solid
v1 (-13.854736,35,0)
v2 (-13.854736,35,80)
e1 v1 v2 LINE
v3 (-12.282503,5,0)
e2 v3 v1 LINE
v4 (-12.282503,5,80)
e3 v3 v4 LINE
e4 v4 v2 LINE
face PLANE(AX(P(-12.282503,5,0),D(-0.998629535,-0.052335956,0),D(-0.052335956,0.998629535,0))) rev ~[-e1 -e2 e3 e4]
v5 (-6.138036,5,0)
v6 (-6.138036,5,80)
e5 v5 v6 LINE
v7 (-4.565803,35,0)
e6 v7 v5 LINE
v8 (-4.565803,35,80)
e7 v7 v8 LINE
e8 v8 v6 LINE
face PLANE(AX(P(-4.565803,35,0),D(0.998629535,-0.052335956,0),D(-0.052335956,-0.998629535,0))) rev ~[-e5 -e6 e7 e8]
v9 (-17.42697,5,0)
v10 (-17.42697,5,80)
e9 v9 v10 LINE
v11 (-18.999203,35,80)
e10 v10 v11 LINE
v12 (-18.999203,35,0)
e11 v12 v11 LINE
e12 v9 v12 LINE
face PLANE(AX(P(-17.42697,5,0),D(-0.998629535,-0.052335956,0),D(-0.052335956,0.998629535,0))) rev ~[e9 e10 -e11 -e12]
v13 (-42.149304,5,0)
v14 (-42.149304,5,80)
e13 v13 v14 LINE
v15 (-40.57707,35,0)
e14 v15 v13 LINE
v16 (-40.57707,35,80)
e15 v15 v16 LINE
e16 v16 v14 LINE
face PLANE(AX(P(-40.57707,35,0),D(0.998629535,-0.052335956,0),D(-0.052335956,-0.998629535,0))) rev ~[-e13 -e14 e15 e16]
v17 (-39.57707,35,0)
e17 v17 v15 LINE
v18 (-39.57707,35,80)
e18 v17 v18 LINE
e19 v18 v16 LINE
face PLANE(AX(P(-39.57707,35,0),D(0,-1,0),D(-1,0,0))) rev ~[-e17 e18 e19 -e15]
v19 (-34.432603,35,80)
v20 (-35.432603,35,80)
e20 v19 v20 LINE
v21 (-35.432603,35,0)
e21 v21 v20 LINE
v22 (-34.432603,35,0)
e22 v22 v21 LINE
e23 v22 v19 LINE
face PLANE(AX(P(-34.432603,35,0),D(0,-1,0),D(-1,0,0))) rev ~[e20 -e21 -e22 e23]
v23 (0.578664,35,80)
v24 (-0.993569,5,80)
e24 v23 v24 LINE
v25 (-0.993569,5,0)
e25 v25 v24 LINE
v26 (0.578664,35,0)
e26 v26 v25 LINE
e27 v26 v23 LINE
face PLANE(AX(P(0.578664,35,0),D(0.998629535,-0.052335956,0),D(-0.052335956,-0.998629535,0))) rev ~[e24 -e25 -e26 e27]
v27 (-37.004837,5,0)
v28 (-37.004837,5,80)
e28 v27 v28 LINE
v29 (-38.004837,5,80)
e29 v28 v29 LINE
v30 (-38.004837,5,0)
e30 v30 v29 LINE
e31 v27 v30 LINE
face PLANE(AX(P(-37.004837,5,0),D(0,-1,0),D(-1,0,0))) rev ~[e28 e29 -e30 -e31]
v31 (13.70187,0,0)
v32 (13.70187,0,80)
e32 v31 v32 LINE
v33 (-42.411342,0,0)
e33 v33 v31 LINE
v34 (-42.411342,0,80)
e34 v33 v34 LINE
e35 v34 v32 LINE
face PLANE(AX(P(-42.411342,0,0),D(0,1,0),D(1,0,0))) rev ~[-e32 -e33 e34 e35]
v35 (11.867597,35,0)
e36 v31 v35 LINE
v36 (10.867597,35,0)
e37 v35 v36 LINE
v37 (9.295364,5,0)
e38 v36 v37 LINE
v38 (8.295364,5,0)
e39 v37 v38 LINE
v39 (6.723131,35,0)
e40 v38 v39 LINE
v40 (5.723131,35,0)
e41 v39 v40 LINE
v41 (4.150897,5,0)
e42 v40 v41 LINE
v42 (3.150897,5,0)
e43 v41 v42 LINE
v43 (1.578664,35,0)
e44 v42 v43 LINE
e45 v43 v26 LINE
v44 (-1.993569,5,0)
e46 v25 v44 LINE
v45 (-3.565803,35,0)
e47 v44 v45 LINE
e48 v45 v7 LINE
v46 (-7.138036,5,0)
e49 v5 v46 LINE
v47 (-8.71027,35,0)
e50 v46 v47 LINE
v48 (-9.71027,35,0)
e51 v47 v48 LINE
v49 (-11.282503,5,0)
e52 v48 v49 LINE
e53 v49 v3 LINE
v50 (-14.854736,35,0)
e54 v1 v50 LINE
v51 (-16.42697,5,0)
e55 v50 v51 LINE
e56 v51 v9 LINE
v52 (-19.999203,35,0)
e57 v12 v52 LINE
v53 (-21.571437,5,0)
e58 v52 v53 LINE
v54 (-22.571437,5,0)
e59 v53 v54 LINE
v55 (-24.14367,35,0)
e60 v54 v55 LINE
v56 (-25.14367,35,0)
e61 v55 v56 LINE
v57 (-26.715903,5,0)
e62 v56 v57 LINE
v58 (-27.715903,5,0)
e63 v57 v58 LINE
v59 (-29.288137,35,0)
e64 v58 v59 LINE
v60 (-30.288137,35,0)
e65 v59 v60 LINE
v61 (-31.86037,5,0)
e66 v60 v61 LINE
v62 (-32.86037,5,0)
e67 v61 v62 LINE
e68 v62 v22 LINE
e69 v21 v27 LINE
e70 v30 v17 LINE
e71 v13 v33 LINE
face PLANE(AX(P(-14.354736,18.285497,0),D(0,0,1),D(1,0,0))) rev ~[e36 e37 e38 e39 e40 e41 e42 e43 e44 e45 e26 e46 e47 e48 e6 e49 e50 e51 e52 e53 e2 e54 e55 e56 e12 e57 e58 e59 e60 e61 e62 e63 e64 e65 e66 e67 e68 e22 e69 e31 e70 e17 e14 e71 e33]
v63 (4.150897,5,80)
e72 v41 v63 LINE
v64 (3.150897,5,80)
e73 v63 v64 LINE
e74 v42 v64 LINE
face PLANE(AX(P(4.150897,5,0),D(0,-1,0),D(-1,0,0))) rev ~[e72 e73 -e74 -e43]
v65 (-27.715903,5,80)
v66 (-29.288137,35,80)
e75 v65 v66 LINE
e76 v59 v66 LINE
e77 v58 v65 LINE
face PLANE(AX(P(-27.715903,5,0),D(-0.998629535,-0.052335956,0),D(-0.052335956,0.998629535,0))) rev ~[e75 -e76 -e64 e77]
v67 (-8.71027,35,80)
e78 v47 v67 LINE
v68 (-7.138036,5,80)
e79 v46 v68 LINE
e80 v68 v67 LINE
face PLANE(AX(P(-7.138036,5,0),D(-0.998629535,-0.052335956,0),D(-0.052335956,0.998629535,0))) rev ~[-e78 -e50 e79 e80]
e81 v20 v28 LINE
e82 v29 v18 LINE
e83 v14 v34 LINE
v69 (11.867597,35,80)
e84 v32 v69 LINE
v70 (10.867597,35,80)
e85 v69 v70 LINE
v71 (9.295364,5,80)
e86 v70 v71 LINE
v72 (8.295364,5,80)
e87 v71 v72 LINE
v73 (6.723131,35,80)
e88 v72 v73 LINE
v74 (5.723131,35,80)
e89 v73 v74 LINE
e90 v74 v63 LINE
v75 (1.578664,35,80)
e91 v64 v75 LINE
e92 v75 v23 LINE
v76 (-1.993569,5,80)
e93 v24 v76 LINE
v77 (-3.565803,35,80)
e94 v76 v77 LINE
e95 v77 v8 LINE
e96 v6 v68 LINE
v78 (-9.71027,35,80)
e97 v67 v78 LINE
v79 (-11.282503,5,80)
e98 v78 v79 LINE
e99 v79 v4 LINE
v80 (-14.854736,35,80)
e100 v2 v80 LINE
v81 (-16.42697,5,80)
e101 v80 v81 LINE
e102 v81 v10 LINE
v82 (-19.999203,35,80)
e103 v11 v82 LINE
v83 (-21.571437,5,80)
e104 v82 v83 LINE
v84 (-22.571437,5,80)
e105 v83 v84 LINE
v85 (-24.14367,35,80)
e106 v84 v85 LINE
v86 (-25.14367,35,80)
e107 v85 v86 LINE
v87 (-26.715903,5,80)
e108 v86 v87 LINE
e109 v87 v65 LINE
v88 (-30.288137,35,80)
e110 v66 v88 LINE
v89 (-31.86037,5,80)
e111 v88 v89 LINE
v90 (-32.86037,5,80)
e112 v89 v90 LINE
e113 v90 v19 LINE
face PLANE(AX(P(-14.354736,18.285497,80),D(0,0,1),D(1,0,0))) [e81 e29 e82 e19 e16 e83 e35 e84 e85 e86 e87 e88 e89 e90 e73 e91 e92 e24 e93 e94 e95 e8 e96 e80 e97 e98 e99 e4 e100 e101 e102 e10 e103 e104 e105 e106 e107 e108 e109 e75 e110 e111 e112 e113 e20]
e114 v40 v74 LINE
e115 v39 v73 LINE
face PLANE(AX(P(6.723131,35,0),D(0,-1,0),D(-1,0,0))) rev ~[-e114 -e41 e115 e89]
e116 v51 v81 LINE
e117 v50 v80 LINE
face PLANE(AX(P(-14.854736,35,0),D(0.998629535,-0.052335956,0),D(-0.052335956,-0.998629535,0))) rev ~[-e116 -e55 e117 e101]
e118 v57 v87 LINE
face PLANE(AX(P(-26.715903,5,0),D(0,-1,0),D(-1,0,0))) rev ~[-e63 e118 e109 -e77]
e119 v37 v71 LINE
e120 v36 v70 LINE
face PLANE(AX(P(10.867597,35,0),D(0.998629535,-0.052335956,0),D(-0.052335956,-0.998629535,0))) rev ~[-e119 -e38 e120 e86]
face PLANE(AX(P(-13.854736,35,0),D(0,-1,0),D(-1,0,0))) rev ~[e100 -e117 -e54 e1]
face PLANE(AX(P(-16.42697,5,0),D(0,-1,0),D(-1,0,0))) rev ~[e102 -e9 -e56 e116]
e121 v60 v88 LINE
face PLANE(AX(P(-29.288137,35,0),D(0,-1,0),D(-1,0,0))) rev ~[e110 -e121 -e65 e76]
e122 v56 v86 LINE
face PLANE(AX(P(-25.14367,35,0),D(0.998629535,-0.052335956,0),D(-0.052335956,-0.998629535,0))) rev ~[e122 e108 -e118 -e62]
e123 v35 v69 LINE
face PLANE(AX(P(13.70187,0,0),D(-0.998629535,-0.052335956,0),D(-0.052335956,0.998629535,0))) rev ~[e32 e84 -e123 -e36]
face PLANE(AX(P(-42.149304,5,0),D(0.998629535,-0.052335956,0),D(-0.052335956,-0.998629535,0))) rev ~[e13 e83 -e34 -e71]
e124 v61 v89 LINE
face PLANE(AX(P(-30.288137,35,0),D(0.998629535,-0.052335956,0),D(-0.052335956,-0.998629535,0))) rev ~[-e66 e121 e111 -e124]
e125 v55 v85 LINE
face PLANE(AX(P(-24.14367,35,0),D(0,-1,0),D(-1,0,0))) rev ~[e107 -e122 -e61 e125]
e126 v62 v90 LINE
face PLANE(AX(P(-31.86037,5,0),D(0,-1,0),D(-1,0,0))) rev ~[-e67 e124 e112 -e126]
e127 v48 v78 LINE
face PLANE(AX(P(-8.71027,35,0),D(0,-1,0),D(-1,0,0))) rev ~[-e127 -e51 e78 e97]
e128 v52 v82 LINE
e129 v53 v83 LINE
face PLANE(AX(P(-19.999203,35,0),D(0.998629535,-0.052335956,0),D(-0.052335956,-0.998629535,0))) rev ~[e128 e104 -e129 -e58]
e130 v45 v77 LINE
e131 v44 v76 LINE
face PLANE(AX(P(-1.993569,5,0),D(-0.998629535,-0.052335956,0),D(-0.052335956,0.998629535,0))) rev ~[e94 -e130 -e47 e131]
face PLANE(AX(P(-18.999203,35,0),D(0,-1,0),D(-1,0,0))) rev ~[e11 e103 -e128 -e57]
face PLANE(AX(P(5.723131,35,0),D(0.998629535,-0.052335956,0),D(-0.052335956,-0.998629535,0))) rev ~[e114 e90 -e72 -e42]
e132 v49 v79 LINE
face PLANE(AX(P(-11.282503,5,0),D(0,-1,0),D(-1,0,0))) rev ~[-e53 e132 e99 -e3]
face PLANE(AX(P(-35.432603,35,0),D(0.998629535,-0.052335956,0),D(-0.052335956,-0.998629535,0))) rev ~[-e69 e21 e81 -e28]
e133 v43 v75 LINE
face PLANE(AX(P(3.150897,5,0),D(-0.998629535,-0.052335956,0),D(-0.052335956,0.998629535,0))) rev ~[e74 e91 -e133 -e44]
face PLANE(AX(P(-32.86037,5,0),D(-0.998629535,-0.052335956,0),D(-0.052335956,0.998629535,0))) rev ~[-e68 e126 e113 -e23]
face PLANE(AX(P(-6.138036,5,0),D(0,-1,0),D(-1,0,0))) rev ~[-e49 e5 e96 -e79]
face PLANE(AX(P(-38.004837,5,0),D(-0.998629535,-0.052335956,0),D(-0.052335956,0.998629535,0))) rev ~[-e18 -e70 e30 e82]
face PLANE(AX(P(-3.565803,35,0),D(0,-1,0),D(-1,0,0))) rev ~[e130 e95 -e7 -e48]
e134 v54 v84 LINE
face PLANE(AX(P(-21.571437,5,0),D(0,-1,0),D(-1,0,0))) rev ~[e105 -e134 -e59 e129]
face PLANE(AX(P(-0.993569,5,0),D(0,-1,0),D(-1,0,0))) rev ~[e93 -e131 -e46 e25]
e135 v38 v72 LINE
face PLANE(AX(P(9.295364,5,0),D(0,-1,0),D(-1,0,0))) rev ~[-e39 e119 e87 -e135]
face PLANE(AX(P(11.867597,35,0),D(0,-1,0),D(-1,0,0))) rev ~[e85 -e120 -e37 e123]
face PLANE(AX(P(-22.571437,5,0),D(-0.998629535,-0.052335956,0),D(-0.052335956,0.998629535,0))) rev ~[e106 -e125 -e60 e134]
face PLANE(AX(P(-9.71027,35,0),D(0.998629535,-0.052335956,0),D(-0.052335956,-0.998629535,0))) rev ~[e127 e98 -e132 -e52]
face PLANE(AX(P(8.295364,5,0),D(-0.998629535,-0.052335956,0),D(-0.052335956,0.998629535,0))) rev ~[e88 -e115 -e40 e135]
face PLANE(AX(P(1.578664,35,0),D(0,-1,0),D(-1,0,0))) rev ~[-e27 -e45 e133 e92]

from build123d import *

# Parameters (mm, degrees)
BOSS_EXTRUDE1_DEPTH = 80


with BuildPart() as part:
    # Sketch1 → Boss-Extrude1 (new body)
    with BuildSketch(Plane.XY):
        Polygon((-24.257476664, 0), (0, 0), (13.70186971, 0), (11.867597435, 35), (10.867597435, 35), (9.295364057, 5), (8.295364057, 5), (6.723130678, 35), (5.723130678, 35), (4.1508973, 5), (3.150897297, 5), (1.578663918, 35), (0.578663918, 35), (-0.99356946, 5), (-1.993569463, 5), (-3.565802842, 35), (-4.565802842, 35), (-6.13803622, 5), (-7.138036223, 5), (-8.710269602, 35), (-9.710269602, 35), (-11.28250298, 5), (-12.282502983, 5), (-13.854736362, 35), (-14.854736362, 35), (-16.42696974, 5), (-17.426969743, 5), (-18.999203122, 35), (-19.999203122, 35), (-21.5714365, 5), (-22.571436503, 5), (-24.143669882, 35), (-25.143669882, 35), (-26.71590326, 5), (-27.715903263, 5), (-29.288136642, 35), (-30.288136642, 35), (-31.86037002, 5), (-32.860370023, 5), (-34.432603402, 35), (-35.432603402, 35), (-37.00483678, 5), (-38.004836783, 5), (-39.577070162, 35), (-40.577070162, 35), (-42.14930354, 5), (-42.411342437, 0), align=None)
    extrude(amount=BOSS_EXTRUDE1_DEPTH)


solid = part.part
